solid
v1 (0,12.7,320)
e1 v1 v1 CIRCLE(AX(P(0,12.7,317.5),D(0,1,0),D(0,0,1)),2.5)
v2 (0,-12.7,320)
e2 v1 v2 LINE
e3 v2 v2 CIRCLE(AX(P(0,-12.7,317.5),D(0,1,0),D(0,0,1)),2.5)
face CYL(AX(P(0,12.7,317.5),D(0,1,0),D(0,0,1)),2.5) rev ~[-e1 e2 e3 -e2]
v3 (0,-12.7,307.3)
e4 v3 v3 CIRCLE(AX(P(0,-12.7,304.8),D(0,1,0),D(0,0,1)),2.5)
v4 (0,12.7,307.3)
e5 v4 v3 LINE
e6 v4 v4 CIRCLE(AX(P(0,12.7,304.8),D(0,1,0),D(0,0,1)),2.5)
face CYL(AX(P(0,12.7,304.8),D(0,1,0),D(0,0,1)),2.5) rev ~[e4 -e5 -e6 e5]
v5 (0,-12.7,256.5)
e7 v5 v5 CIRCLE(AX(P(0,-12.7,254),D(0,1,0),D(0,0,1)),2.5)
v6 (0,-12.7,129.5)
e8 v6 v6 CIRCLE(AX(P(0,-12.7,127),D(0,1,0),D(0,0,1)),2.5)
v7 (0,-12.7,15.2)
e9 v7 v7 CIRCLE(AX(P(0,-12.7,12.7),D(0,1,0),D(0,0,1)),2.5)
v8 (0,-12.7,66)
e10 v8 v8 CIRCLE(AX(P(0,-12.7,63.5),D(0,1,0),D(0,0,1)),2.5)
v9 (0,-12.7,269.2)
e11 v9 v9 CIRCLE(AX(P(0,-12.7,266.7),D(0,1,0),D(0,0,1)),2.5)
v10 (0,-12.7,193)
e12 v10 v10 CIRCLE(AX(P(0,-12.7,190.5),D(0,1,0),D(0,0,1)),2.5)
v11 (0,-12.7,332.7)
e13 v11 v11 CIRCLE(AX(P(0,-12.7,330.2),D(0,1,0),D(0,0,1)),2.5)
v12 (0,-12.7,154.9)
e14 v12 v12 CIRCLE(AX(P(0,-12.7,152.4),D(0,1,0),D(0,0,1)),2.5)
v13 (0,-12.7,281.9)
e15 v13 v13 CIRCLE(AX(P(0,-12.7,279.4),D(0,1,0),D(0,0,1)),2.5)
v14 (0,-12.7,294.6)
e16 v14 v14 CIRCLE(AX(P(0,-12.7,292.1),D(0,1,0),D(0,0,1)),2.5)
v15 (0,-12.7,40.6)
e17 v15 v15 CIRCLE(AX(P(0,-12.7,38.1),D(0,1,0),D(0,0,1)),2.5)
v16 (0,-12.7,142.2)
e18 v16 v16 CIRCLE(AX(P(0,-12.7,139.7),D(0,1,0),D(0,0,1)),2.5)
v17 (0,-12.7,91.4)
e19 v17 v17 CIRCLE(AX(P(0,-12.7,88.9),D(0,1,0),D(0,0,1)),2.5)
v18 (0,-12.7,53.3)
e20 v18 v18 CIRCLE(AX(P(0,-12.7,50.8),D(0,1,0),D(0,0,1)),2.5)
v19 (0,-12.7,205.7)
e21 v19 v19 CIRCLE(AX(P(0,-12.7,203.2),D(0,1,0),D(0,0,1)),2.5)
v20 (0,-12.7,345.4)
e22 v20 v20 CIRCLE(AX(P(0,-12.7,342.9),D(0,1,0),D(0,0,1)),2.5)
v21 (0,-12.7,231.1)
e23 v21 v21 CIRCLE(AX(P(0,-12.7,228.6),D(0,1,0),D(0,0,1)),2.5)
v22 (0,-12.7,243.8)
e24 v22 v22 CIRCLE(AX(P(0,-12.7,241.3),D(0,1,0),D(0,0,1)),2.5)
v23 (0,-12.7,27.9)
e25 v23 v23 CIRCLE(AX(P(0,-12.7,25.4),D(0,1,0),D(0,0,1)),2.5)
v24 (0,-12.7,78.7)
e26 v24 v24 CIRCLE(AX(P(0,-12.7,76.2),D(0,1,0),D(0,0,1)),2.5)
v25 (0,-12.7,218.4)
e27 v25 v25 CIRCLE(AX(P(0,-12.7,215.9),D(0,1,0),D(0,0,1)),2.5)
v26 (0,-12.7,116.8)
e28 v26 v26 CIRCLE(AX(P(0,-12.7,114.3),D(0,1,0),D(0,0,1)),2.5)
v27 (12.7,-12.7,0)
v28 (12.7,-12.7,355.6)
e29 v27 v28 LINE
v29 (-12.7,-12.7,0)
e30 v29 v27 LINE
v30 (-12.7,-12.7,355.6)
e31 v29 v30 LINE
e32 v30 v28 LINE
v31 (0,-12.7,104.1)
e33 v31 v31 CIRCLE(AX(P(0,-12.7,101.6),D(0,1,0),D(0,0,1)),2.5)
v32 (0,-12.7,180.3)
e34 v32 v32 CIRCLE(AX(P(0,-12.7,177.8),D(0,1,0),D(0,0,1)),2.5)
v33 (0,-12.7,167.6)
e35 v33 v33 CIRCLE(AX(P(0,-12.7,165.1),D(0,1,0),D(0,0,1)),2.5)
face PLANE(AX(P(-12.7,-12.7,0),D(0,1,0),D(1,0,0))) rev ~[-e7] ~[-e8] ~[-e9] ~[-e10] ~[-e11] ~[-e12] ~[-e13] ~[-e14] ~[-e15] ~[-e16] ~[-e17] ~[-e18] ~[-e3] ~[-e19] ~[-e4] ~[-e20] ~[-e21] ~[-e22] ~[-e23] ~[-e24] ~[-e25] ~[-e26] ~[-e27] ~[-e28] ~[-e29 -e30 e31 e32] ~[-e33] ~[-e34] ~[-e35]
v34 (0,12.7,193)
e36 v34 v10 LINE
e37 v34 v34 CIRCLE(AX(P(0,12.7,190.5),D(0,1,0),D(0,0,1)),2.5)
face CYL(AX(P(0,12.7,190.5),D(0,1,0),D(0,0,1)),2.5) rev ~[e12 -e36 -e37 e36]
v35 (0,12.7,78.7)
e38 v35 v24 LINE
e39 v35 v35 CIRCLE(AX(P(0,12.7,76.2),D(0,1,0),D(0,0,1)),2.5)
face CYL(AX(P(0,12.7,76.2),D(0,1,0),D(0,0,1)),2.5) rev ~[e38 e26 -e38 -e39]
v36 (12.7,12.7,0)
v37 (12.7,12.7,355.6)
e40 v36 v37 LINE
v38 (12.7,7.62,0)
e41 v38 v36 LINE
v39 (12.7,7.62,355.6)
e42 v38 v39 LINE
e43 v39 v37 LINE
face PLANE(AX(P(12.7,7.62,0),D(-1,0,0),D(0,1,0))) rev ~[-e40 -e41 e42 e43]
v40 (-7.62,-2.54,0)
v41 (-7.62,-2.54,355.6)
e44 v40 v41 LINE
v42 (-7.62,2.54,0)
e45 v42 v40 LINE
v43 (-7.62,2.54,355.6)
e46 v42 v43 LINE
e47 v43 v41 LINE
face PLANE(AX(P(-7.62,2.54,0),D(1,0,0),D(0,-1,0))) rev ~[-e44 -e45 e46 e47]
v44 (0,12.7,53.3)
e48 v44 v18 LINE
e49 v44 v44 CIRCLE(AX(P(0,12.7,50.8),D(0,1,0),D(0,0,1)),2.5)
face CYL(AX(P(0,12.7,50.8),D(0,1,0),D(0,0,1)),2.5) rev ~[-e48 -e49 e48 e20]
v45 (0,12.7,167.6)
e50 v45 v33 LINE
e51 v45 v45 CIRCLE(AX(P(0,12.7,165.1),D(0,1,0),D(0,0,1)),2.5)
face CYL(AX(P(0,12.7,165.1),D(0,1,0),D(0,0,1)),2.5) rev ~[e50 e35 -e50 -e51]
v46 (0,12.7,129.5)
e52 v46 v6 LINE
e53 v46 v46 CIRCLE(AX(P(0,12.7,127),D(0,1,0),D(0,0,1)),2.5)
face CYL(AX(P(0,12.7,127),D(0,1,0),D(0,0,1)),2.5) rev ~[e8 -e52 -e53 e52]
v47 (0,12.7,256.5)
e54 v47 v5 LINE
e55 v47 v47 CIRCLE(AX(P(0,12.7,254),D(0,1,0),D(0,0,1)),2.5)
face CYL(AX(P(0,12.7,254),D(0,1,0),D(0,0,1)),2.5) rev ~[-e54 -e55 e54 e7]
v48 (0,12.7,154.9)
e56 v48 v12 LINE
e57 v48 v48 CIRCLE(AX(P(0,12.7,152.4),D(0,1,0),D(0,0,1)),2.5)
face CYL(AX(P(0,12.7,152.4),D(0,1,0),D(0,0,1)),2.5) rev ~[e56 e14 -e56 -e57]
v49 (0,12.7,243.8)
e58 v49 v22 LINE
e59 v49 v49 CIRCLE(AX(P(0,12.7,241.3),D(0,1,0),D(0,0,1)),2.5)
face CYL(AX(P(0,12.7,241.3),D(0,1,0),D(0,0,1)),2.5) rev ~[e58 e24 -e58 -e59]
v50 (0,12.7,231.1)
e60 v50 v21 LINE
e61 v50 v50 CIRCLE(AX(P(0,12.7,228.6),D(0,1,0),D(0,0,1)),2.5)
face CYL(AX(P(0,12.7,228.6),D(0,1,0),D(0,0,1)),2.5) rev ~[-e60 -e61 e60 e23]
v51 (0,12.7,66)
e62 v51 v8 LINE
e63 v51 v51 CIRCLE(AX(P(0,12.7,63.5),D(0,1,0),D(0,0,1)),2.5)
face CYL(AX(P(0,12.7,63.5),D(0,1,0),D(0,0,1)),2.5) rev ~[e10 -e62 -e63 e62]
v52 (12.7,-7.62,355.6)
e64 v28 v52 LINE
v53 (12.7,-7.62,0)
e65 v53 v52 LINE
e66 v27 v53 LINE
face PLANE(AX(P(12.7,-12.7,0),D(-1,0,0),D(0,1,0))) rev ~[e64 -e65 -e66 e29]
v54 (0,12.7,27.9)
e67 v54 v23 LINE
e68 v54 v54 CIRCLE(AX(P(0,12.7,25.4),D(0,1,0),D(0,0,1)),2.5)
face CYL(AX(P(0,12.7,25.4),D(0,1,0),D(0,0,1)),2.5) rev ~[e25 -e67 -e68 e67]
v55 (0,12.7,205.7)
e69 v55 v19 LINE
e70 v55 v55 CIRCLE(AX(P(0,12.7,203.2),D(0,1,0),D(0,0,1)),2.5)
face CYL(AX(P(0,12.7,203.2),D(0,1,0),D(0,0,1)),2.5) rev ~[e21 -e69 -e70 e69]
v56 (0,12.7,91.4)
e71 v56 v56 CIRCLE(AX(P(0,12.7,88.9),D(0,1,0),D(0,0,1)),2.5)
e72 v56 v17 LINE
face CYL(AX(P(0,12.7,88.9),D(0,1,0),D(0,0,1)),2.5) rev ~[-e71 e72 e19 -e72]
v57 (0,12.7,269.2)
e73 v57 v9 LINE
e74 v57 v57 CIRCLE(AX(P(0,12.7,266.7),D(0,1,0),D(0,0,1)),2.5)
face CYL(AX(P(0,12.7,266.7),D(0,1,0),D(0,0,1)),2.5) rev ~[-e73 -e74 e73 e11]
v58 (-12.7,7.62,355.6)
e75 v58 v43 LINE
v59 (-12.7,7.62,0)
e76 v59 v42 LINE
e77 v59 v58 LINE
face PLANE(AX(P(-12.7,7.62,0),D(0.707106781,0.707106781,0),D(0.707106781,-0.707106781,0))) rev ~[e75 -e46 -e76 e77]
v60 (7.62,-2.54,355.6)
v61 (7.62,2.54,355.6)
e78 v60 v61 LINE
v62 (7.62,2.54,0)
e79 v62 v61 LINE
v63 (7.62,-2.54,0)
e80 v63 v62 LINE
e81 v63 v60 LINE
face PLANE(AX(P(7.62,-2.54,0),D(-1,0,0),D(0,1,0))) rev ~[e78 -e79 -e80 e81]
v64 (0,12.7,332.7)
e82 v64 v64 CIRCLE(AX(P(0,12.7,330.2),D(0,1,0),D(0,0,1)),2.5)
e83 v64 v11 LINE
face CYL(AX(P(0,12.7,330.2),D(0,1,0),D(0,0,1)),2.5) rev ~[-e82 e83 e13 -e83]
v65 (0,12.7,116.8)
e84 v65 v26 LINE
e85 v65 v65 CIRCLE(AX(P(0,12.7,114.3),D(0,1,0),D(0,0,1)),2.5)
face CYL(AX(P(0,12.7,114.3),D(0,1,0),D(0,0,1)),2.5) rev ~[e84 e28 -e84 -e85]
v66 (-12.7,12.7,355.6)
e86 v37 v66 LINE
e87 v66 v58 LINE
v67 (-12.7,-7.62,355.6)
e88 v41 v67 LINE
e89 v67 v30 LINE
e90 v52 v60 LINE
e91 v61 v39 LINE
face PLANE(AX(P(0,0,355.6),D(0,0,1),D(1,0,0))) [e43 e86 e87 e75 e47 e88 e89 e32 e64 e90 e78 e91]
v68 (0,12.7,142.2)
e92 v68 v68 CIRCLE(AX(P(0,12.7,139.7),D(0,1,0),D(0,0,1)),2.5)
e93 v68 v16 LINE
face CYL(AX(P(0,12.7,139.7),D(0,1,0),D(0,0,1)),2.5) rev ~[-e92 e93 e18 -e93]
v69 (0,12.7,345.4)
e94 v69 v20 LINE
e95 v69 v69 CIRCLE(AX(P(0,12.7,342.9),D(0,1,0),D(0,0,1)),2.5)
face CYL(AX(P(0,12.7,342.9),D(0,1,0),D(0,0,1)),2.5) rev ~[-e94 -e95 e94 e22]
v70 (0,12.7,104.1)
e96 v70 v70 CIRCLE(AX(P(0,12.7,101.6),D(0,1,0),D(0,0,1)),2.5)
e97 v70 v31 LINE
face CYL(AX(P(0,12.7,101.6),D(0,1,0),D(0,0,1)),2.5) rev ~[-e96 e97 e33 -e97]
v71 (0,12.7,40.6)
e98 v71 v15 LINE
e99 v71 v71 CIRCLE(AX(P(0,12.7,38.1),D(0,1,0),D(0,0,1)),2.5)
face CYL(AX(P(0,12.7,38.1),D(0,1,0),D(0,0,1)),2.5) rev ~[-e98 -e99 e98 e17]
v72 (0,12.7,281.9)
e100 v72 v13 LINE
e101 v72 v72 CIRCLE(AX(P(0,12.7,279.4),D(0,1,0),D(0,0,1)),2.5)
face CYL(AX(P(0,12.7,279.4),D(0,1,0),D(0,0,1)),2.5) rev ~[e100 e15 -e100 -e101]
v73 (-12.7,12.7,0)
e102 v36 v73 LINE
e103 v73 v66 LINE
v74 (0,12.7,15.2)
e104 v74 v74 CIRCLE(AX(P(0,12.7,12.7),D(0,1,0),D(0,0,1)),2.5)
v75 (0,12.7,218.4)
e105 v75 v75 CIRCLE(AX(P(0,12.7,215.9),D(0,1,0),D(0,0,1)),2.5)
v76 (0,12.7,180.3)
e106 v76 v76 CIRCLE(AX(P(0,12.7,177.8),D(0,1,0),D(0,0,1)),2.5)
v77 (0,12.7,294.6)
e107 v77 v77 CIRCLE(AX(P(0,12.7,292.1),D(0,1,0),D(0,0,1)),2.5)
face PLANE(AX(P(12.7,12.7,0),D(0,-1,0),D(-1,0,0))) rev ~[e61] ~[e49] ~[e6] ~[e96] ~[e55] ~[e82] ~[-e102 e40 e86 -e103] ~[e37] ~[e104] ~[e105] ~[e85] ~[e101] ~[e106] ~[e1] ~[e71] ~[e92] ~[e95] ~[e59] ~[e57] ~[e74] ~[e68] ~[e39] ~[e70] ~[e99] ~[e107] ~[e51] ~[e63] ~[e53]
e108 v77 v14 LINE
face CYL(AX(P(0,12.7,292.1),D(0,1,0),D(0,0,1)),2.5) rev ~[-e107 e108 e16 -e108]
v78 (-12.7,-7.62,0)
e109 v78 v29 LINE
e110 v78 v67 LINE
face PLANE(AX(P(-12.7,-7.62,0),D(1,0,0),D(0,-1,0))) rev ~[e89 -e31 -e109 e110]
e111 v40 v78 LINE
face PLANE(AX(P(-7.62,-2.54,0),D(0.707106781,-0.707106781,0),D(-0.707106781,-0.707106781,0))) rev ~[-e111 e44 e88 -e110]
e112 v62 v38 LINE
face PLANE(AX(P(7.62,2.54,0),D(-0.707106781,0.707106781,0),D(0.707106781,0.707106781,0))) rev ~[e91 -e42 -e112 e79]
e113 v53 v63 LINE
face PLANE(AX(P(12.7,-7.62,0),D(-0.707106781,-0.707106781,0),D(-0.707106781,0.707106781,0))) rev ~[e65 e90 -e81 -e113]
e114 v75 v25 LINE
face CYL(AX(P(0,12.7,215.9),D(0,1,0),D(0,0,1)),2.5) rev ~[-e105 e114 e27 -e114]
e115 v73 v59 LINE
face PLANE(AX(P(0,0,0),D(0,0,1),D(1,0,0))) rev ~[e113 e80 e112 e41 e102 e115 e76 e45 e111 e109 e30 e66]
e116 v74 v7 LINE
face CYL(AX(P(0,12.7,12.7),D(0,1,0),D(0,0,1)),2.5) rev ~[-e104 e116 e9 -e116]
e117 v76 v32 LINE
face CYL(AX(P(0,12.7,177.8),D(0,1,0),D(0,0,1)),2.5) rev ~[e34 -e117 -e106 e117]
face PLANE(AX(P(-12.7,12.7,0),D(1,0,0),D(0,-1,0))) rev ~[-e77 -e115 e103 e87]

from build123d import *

# Parameters (mm, degrees)
BOSS_EXTRUDE1_DEPTH = 355.6
SKETCH3_R           = 2.5
CUT_EXTRUDE1_DEPTH  = 25.4


with BuildPart() as part:
    # Sketch1 → Boss-Extrude1 (new body)
    with BuildSketch(Plane.XY):
        Polygon((12.7, 12.7), (-12.7, 12.7), (-12.7, 7.62), (-7.62, 2.54), (-7.62, -2.54), (-12.7, -7.62), (-12.7, -12.7), (12.7, -12.7), (12.7, -7.62), (7.62, -2.54), (7.62, 2.54), (12.7, 7.62), align=None)
    extrude(amount=BOSS_EXTRUDE1_DEPTH)

    # Sketch3 → Cut-Extrude1 (cut)
    with BuildSketch(Plane(origin=(0, 12.7, 0), x_dir=(1, 0, 0), z_dir=(0, 1, 0))):
        with Locations(Location((0, -342.9, 0), (0, 0, 270))):
            Circle(SKETCH3_R)
        with Locations(Location((0, -330.2, 0), (0, 0, 270))):
            Circle(SKETCH3_R)
        with Locations(Location((0, -317.5, 0), (0, 0, 270))):
            Circle(SKETCH3_R)
        with Locations(Location((0, -304.8, 0), (0, 0, 270))):
            Circle(SKETCH3_R)
        with Locations(Location((0, -292.1, 0), (0, 0, 270))):
            Circle(SKETCH3_R)
        with Locations(Location((0, -279.4, 0), (0, 0, 270))):
            Circle(SKETCH3_R)
        with Locations(Location((0, -266.7, 0), (0, 0, 270))):
            Circle(SKETCH3_R)
        with Locations(Location((0, -254, 0), (0, 0, 270))):
            Circle(SKETCH3_R)
        with Locations(Location((0, -241.3, 0), (0, 0, 270))):
            Circle(SKETCH3_R)
        with Locations(Location((0, -228.6, 0), (0, 0, 270))):
            Circle(SKETCH3_R)
        with Locations(Location((0, -215.9, 0), (0, 0, 270))):
            Circle(SKETCH3_R)
        with Locations(Location((0, -203.2, 0), (0, 0, 270))):
            Circle(SKETCH3_R)
        with Locations(Location((0, -190.5, 0), (0, 0, 270))):
            Circle(SKETCH3_R)
        with Locations(Location((0, -177.8, 0), (0, 0, 270))):
            Circle(SKETCH3_R)
        with Locations(Location((0, -165.1, 0), (0, 0, 270))):
            Circle(SKETCH3_R)
        with Locations(Location((0, -152.4, 0), (0, 0, 270))):
            Circle(SKETCH3_R)
        with Locations(Location((0, -139.7, 0), (0, 0, 270))):
            Circle(SKETCH3_R)
        with Locations(Location((0, -127, 0), (0, 0, 270))):
            Circle(SKETCH3_R)
        with Locations(Location((0, -114.3, 0), (0, 0, 270))):
            Circle(SKETCH3_R)
        with Locations(Location((0, -101.6, 0), (0, 0, 270))):
            Circle(SKETCH3_R)
        with Locations(Location((0, -88.9, 0), (0, 0, 270))):
            Circle(SKETCH3_R)
        with Locations(Location((0, -76.2, 0), (0, 0, 270))):
            Circle(SKETCH3_R)
        with Locations(Location((0, -63.5, 0), (0, 0, 270))):
            Circle(SKETCH3_R)
        with Locations(Location((0, -50.8, 0), (0, 0, 270))):
            Circle(SKETCH3_R)
        with Locations(Location((0, -38.1, 0), (0, 0, 270))):
            Circle(SKETCH3_R)
        with Locations(Location((0, -25.4, 0), (0, 0, 270))):
            Circle(SKETCH3_R)
        with Locations(Location((0, -12.7, 0), (0, 0, 270))):
            Circle(SKETCH3_R)
    extrude(amount=-CUT_EXTRUDE1_DEPTH, mode=Mode.SUBTRACT)


solid = part.part
